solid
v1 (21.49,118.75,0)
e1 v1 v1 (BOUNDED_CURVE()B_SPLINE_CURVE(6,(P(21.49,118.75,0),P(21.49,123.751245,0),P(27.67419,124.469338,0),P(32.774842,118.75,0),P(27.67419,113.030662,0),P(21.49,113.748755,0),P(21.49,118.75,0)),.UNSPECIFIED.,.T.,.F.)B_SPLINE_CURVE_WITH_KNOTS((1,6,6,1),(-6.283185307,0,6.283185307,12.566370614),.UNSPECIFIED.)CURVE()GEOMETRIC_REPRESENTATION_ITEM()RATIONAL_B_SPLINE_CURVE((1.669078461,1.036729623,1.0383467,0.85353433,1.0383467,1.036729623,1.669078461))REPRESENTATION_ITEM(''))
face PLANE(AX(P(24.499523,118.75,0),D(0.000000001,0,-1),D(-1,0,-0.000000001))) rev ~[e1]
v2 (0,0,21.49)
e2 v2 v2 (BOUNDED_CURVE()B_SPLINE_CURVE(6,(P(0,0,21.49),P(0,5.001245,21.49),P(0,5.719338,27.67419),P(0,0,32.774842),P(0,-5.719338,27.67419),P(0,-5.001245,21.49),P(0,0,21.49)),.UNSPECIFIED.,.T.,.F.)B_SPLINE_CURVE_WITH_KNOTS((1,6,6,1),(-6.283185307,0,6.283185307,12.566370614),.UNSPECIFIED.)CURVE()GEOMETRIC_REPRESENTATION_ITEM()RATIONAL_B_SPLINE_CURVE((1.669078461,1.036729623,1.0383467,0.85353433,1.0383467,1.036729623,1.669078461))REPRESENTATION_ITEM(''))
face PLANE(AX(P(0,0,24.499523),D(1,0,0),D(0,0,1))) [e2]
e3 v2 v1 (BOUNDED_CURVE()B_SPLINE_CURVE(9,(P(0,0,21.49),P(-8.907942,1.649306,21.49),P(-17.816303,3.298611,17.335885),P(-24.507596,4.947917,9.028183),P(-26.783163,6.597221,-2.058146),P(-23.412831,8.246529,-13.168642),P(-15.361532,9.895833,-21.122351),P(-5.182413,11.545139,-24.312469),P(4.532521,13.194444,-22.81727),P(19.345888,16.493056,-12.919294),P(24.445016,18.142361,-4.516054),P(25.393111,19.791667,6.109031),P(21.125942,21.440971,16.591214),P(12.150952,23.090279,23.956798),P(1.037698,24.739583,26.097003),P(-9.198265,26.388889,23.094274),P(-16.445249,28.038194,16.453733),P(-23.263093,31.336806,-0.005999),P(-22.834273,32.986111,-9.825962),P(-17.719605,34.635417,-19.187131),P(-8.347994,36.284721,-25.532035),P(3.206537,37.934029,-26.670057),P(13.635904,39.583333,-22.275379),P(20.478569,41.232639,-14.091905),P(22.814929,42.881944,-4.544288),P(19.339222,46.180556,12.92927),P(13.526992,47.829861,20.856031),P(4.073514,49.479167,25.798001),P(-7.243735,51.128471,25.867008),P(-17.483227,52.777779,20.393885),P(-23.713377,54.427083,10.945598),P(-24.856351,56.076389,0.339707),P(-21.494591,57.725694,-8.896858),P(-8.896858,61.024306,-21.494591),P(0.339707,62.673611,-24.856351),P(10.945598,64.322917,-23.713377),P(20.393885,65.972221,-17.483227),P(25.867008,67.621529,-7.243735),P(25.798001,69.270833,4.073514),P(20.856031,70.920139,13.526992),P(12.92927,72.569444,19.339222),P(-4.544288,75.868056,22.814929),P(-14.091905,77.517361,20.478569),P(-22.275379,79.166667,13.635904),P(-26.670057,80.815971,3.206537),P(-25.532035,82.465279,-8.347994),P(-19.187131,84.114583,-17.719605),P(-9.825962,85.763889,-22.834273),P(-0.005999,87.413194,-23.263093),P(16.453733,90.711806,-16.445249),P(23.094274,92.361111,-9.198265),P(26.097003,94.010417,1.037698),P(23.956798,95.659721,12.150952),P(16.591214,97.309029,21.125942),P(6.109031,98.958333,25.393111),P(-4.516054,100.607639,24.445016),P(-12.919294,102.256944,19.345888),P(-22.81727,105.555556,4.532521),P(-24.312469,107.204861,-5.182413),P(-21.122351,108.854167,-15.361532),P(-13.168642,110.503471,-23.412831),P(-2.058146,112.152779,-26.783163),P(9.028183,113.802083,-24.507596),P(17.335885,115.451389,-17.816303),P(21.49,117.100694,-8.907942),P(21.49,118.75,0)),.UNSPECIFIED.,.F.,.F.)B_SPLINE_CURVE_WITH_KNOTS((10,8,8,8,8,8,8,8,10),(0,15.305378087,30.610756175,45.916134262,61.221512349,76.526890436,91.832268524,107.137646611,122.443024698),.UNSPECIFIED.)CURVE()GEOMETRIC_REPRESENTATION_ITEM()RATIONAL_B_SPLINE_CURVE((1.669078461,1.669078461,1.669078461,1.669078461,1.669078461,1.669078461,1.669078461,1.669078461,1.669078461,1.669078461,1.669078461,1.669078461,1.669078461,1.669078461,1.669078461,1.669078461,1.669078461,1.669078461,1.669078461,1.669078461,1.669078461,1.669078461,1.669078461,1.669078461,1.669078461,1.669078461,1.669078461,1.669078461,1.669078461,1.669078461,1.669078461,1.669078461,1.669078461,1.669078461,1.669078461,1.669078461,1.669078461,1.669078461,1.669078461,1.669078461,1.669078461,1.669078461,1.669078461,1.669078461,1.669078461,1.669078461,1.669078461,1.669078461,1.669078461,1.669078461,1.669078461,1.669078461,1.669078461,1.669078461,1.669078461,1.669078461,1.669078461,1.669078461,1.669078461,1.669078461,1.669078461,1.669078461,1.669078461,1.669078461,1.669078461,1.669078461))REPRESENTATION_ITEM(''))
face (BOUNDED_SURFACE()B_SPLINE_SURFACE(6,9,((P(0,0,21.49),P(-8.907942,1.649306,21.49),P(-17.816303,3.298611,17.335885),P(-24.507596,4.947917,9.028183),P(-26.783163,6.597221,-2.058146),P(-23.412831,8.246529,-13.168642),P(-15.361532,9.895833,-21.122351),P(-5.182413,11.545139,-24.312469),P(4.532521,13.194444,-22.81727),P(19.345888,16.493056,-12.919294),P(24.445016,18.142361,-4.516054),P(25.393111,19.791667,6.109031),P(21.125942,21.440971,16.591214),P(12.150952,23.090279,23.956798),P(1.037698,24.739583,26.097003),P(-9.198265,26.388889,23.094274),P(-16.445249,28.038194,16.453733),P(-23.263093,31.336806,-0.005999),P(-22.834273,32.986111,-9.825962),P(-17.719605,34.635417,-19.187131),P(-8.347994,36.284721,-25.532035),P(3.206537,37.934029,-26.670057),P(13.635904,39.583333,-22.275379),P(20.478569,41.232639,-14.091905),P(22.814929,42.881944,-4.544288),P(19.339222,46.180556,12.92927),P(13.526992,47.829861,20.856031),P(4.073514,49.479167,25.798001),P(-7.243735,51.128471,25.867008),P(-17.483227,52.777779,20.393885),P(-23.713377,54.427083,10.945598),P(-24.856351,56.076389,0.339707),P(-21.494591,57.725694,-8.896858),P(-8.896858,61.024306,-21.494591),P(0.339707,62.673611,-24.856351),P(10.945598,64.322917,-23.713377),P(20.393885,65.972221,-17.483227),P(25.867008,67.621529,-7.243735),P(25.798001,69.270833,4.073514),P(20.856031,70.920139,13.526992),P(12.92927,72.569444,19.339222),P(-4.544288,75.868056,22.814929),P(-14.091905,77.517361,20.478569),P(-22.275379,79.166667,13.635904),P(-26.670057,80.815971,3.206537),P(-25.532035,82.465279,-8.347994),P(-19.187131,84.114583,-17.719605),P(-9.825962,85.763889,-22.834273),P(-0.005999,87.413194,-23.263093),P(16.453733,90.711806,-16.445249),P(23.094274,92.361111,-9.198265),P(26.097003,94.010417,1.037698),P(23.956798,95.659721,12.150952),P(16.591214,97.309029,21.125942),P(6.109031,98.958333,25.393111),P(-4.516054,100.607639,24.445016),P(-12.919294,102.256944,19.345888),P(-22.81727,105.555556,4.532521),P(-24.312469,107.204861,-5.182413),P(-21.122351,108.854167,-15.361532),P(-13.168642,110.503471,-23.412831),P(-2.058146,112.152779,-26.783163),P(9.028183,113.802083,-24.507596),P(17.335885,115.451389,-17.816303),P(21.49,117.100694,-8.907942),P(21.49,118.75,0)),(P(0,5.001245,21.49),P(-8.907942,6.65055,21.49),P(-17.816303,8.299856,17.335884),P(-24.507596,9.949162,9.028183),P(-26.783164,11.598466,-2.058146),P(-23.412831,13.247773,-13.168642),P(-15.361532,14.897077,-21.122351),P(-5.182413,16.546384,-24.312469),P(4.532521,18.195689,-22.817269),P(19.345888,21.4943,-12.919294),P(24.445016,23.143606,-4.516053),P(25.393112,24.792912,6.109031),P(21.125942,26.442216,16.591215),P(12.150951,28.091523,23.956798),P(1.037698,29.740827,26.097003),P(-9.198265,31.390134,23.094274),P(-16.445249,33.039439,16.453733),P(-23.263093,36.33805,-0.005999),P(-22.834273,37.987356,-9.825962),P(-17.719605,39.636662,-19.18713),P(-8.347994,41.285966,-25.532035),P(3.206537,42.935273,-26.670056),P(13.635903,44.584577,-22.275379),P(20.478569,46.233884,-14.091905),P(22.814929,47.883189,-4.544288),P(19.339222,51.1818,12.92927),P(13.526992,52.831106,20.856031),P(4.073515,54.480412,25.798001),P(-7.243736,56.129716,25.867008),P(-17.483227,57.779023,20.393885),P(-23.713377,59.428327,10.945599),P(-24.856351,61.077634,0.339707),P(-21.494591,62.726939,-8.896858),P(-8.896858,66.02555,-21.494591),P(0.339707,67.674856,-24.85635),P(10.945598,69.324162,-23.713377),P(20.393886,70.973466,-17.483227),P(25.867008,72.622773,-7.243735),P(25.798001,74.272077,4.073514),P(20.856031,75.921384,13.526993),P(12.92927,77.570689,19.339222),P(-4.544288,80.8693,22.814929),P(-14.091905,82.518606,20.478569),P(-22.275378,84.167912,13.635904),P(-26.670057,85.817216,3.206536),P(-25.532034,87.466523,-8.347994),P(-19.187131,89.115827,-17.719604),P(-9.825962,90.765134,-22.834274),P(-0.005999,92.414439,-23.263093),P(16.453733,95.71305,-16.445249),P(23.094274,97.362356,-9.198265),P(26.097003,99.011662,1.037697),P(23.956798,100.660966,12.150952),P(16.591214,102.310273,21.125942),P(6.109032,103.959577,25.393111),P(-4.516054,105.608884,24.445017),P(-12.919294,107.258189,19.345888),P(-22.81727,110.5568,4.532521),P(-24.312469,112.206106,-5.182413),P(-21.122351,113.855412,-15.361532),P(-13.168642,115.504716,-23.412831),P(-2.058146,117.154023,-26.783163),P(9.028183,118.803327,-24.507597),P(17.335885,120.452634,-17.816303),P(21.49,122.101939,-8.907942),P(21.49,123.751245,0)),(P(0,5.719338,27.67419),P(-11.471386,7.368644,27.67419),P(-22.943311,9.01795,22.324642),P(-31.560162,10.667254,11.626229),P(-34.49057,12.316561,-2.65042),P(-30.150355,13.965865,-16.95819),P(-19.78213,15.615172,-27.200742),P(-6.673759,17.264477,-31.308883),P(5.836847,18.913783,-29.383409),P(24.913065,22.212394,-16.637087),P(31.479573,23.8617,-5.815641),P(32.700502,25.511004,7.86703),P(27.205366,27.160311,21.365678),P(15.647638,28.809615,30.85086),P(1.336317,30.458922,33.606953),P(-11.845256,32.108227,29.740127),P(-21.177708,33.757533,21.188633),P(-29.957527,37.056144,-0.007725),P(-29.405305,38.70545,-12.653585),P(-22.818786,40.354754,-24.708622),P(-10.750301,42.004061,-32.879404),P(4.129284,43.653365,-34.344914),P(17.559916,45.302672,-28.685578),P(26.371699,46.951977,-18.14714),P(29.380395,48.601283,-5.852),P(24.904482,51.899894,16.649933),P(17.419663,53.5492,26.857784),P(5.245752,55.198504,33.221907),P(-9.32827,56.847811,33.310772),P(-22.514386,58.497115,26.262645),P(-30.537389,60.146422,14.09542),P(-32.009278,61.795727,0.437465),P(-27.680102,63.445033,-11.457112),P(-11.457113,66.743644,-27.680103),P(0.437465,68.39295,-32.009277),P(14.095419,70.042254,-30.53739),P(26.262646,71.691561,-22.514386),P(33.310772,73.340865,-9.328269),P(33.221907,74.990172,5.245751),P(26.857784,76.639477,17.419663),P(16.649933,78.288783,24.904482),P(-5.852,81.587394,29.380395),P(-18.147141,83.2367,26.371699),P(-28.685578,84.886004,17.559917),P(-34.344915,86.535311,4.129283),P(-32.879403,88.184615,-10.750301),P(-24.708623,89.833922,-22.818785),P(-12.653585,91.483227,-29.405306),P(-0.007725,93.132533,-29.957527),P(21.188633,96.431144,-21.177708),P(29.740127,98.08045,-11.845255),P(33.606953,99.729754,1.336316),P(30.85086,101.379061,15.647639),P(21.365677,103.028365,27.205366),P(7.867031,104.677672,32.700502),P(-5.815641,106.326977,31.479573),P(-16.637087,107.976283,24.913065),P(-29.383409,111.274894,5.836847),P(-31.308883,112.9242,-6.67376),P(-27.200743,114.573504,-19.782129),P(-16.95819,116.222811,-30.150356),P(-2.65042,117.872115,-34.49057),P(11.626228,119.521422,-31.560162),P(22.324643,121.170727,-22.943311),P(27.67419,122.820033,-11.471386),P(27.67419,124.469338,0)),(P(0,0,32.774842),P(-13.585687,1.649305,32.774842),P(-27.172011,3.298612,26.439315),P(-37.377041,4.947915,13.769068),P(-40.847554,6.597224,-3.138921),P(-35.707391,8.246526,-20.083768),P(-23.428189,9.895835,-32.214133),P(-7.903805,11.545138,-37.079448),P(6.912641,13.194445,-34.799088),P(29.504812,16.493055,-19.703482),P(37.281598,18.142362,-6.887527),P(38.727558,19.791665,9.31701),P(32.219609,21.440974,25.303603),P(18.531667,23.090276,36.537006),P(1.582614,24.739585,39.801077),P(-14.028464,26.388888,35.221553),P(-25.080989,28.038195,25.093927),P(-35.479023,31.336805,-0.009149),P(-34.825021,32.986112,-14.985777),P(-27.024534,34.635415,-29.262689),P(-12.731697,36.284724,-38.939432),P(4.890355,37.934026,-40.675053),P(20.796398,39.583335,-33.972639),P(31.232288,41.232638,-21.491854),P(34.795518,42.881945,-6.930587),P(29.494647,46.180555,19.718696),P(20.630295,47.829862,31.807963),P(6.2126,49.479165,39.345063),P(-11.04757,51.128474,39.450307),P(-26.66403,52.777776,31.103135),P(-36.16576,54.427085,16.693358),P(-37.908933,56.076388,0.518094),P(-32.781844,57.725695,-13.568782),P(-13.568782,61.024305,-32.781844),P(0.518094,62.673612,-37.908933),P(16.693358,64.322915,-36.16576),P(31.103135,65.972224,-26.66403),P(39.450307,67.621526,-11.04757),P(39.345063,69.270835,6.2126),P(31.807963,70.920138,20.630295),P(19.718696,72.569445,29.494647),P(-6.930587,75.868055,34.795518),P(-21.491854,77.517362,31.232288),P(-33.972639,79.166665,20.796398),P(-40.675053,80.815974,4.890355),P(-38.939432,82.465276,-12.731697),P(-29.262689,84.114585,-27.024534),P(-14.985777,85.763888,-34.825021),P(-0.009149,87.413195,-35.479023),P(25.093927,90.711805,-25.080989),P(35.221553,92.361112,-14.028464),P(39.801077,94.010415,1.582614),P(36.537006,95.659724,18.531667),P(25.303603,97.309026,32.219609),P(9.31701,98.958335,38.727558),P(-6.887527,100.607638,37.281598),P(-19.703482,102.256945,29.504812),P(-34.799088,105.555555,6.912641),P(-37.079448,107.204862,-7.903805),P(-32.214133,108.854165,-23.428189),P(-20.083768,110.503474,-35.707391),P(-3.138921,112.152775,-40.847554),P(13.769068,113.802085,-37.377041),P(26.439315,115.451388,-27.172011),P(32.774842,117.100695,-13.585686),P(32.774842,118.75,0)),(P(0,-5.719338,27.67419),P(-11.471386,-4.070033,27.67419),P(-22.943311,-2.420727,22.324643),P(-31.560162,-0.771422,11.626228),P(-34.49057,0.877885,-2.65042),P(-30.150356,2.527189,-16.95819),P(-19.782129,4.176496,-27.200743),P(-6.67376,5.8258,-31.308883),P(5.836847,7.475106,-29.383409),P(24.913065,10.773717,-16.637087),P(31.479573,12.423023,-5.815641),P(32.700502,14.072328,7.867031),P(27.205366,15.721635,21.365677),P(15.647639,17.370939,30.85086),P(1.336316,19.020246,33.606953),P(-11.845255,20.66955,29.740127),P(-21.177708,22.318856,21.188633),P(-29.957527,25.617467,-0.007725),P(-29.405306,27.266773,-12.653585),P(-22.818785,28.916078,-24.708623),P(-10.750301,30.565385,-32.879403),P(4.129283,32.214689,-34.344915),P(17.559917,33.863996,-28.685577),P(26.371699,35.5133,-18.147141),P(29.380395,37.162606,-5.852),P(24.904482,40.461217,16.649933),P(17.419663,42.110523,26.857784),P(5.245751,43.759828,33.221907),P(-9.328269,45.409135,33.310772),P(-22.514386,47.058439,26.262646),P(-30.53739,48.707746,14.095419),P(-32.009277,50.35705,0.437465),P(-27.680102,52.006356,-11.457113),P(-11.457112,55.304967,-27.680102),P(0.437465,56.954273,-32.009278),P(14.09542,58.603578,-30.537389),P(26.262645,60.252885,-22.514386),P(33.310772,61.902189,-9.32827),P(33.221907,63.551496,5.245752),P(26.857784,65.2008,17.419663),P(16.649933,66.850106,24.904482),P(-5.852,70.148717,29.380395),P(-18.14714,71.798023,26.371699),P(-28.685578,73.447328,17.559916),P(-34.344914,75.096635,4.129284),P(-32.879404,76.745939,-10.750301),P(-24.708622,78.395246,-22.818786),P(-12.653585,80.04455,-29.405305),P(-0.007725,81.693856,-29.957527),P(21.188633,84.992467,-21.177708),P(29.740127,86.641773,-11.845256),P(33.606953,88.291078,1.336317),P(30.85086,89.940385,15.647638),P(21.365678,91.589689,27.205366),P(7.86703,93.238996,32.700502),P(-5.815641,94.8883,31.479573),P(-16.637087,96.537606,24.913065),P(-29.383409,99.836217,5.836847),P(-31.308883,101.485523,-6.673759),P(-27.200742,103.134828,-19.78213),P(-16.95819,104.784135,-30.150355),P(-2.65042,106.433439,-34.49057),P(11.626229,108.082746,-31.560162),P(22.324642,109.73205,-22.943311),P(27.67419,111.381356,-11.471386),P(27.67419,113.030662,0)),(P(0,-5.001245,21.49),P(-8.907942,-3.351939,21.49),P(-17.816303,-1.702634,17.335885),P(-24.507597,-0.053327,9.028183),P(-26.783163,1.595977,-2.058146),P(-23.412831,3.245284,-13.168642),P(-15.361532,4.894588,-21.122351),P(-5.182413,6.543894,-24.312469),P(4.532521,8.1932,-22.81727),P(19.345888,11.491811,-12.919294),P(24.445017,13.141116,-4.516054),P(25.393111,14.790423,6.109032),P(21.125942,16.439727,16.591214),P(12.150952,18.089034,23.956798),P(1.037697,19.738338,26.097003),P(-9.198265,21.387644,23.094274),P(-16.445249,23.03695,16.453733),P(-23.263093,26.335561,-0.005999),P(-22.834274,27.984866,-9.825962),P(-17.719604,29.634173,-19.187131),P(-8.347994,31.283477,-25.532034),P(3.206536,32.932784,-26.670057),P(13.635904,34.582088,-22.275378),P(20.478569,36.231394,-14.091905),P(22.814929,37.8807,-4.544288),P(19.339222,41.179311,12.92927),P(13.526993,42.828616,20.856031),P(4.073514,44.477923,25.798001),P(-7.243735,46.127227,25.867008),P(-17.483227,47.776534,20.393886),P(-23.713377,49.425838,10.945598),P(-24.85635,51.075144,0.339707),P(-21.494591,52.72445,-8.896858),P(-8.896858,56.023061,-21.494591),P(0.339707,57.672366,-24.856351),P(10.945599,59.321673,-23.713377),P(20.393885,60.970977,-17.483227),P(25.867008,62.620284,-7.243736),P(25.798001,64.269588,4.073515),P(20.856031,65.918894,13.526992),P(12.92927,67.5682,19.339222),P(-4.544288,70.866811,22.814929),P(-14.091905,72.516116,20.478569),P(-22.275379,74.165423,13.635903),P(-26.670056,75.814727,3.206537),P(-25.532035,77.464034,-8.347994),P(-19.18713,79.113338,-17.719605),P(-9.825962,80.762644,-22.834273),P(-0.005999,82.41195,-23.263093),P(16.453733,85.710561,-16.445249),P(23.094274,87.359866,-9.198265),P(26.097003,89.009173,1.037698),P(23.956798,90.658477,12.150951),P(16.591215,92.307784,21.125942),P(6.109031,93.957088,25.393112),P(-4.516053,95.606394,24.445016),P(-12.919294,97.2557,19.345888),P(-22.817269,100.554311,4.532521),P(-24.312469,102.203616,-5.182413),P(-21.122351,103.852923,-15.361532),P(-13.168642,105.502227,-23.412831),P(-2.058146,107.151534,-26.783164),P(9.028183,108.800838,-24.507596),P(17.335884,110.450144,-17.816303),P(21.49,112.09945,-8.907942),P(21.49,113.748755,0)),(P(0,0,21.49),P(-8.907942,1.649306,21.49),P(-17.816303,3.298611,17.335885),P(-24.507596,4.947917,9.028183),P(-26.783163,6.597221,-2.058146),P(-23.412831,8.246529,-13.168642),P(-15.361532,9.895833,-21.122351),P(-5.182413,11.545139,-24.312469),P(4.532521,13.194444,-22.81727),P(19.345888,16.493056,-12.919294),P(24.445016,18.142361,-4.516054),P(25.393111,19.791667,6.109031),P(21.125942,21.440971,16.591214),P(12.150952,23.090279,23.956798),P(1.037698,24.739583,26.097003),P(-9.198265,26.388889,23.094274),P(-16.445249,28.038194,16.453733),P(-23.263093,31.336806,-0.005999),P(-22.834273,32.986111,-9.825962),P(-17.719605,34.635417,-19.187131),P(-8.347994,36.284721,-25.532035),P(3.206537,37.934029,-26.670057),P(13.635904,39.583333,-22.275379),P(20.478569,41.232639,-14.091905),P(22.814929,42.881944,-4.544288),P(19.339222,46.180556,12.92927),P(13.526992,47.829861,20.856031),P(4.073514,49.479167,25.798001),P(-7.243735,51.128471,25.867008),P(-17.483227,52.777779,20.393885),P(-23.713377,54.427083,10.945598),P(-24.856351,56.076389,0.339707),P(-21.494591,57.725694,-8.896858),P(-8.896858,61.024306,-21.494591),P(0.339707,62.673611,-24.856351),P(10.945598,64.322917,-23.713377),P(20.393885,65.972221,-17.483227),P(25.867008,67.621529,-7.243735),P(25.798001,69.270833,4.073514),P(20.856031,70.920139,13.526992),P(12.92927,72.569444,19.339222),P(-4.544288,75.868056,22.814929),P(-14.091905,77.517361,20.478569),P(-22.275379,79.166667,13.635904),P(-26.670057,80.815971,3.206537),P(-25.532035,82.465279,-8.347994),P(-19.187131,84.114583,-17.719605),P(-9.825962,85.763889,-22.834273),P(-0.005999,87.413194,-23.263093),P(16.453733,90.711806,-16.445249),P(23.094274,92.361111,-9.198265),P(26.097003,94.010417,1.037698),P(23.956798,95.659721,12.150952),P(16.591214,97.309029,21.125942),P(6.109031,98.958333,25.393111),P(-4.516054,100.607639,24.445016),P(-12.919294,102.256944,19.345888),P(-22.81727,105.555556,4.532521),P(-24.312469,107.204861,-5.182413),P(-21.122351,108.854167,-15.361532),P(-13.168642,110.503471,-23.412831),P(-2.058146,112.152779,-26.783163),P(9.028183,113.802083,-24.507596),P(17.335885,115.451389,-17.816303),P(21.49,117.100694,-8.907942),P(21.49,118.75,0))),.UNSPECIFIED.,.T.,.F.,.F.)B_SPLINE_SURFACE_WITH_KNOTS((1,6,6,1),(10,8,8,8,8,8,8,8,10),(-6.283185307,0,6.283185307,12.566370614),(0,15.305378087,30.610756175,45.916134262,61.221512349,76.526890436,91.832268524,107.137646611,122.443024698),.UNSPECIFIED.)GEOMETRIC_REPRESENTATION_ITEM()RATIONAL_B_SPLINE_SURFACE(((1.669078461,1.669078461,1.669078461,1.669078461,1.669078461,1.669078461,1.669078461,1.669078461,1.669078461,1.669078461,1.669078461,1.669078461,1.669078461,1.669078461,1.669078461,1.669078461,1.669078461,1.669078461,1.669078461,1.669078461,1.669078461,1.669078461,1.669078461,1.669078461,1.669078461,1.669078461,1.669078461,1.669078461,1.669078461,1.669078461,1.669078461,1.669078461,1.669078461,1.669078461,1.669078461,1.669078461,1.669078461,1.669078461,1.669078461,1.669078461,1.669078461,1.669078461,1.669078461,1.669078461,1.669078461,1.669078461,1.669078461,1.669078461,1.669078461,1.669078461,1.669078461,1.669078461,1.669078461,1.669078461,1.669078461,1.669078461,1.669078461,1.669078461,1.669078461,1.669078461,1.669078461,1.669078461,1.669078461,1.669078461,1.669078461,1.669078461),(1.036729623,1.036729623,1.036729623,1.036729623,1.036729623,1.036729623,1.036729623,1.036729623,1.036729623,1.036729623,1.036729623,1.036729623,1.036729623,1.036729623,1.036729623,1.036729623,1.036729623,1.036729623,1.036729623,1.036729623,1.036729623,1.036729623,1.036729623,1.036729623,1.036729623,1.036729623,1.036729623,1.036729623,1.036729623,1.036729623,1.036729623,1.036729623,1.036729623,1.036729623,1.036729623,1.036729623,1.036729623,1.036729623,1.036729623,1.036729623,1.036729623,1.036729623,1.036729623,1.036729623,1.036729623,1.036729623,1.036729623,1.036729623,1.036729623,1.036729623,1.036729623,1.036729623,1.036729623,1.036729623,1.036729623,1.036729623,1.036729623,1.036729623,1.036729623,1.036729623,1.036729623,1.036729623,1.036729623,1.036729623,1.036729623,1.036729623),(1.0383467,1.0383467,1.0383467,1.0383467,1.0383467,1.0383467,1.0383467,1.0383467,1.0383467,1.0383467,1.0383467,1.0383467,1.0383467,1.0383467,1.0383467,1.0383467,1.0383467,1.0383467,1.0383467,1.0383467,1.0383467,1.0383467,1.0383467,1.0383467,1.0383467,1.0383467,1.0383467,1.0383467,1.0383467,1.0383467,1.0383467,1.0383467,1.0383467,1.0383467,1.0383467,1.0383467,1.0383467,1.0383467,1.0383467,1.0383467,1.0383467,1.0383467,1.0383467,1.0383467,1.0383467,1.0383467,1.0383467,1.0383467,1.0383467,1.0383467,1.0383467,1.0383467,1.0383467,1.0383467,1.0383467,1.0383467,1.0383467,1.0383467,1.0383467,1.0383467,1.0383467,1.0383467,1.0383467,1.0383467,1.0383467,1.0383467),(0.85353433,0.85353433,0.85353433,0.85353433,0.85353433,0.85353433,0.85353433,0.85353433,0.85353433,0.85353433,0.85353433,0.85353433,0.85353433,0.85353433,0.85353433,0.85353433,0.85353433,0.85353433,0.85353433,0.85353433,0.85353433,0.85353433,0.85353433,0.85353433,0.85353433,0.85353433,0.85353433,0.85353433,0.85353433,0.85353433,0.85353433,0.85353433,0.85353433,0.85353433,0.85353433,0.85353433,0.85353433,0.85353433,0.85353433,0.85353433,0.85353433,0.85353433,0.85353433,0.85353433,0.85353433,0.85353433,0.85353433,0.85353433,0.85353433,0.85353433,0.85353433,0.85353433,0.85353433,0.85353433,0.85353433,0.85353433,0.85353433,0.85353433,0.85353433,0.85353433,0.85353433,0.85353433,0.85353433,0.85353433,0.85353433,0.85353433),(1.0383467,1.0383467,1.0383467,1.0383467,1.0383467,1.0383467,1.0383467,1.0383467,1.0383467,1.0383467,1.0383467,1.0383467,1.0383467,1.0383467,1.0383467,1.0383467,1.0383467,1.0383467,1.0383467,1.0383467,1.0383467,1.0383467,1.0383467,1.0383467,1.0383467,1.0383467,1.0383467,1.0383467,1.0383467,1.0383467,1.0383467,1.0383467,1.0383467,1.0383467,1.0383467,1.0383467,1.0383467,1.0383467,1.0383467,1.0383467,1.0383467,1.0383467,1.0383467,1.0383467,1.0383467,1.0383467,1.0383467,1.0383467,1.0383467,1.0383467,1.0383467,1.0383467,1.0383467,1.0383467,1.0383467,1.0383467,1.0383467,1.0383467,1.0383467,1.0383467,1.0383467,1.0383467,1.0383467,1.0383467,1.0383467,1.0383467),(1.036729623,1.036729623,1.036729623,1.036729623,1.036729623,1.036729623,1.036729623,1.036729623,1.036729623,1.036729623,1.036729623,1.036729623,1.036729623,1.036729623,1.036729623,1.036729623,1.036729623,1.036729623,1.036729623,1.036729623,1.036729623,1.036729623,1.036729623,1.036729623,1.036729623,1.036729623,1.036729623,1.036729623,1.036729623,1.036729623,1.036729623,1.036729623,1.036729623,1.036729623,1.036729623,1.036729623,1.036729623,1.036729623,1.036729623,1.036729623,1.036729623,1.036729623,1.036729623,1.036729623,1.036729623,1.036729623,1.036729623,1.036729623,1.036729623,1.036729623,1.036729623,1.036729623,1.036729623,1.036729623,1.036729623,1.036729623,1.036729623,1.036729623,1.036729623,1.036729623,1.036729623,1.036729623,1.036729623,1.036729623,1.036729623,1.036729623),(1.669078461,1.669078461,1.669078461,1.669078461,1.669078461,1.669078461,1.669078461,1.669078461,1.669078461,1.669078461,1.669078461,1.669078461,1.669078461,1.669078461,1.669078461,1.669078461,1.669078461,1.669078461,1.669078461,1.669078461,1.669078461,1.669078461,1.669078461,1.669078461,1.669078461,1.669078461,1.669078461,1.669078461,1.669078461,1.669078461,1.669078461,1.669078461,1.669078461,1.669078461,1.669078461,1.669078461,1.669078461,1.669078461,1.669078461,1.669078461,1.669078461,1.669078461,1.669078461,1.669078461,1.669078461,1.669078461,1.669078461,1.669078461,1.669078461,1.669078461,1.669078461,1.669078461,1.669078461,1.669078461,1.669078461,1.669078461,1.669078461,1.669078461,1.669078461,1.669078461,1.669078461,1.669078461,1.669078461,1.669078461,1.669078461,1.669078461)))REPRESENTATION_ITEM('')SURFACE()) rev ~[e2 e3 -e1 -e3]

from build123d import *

# Parameters (mm, degrees)
SWEEP1_PITCH  = 25
SWEEP1_HEIGHT = 118.75
SWEEP1_RADIUS = 24.5
SKETCH7_R     = 3.01


with BuildPart() as part:
    # Sweep1: sweep along a helix
    with BuildLine() as sweep1_path:
        Helix(SWEEP1_PITCH, SWEEP1_HEIGHT, SWEEP1_RADIUS, center=(0, 0, 0), direction=(0, 1, 0), lefthand=True)
    # Sketch7 → Sweep1 (sweep)
    with BuildSketch(Plane(origin=(0, 0, 0), x_dir=(0, 0, -1), z_dir=(1, 0, 0))):
        with Locations((-24.5, 0)):
            Circle(SKETCH7_R)
    sweep(path=sweep1_path.line, is_frenet=True)


solid = part.part
